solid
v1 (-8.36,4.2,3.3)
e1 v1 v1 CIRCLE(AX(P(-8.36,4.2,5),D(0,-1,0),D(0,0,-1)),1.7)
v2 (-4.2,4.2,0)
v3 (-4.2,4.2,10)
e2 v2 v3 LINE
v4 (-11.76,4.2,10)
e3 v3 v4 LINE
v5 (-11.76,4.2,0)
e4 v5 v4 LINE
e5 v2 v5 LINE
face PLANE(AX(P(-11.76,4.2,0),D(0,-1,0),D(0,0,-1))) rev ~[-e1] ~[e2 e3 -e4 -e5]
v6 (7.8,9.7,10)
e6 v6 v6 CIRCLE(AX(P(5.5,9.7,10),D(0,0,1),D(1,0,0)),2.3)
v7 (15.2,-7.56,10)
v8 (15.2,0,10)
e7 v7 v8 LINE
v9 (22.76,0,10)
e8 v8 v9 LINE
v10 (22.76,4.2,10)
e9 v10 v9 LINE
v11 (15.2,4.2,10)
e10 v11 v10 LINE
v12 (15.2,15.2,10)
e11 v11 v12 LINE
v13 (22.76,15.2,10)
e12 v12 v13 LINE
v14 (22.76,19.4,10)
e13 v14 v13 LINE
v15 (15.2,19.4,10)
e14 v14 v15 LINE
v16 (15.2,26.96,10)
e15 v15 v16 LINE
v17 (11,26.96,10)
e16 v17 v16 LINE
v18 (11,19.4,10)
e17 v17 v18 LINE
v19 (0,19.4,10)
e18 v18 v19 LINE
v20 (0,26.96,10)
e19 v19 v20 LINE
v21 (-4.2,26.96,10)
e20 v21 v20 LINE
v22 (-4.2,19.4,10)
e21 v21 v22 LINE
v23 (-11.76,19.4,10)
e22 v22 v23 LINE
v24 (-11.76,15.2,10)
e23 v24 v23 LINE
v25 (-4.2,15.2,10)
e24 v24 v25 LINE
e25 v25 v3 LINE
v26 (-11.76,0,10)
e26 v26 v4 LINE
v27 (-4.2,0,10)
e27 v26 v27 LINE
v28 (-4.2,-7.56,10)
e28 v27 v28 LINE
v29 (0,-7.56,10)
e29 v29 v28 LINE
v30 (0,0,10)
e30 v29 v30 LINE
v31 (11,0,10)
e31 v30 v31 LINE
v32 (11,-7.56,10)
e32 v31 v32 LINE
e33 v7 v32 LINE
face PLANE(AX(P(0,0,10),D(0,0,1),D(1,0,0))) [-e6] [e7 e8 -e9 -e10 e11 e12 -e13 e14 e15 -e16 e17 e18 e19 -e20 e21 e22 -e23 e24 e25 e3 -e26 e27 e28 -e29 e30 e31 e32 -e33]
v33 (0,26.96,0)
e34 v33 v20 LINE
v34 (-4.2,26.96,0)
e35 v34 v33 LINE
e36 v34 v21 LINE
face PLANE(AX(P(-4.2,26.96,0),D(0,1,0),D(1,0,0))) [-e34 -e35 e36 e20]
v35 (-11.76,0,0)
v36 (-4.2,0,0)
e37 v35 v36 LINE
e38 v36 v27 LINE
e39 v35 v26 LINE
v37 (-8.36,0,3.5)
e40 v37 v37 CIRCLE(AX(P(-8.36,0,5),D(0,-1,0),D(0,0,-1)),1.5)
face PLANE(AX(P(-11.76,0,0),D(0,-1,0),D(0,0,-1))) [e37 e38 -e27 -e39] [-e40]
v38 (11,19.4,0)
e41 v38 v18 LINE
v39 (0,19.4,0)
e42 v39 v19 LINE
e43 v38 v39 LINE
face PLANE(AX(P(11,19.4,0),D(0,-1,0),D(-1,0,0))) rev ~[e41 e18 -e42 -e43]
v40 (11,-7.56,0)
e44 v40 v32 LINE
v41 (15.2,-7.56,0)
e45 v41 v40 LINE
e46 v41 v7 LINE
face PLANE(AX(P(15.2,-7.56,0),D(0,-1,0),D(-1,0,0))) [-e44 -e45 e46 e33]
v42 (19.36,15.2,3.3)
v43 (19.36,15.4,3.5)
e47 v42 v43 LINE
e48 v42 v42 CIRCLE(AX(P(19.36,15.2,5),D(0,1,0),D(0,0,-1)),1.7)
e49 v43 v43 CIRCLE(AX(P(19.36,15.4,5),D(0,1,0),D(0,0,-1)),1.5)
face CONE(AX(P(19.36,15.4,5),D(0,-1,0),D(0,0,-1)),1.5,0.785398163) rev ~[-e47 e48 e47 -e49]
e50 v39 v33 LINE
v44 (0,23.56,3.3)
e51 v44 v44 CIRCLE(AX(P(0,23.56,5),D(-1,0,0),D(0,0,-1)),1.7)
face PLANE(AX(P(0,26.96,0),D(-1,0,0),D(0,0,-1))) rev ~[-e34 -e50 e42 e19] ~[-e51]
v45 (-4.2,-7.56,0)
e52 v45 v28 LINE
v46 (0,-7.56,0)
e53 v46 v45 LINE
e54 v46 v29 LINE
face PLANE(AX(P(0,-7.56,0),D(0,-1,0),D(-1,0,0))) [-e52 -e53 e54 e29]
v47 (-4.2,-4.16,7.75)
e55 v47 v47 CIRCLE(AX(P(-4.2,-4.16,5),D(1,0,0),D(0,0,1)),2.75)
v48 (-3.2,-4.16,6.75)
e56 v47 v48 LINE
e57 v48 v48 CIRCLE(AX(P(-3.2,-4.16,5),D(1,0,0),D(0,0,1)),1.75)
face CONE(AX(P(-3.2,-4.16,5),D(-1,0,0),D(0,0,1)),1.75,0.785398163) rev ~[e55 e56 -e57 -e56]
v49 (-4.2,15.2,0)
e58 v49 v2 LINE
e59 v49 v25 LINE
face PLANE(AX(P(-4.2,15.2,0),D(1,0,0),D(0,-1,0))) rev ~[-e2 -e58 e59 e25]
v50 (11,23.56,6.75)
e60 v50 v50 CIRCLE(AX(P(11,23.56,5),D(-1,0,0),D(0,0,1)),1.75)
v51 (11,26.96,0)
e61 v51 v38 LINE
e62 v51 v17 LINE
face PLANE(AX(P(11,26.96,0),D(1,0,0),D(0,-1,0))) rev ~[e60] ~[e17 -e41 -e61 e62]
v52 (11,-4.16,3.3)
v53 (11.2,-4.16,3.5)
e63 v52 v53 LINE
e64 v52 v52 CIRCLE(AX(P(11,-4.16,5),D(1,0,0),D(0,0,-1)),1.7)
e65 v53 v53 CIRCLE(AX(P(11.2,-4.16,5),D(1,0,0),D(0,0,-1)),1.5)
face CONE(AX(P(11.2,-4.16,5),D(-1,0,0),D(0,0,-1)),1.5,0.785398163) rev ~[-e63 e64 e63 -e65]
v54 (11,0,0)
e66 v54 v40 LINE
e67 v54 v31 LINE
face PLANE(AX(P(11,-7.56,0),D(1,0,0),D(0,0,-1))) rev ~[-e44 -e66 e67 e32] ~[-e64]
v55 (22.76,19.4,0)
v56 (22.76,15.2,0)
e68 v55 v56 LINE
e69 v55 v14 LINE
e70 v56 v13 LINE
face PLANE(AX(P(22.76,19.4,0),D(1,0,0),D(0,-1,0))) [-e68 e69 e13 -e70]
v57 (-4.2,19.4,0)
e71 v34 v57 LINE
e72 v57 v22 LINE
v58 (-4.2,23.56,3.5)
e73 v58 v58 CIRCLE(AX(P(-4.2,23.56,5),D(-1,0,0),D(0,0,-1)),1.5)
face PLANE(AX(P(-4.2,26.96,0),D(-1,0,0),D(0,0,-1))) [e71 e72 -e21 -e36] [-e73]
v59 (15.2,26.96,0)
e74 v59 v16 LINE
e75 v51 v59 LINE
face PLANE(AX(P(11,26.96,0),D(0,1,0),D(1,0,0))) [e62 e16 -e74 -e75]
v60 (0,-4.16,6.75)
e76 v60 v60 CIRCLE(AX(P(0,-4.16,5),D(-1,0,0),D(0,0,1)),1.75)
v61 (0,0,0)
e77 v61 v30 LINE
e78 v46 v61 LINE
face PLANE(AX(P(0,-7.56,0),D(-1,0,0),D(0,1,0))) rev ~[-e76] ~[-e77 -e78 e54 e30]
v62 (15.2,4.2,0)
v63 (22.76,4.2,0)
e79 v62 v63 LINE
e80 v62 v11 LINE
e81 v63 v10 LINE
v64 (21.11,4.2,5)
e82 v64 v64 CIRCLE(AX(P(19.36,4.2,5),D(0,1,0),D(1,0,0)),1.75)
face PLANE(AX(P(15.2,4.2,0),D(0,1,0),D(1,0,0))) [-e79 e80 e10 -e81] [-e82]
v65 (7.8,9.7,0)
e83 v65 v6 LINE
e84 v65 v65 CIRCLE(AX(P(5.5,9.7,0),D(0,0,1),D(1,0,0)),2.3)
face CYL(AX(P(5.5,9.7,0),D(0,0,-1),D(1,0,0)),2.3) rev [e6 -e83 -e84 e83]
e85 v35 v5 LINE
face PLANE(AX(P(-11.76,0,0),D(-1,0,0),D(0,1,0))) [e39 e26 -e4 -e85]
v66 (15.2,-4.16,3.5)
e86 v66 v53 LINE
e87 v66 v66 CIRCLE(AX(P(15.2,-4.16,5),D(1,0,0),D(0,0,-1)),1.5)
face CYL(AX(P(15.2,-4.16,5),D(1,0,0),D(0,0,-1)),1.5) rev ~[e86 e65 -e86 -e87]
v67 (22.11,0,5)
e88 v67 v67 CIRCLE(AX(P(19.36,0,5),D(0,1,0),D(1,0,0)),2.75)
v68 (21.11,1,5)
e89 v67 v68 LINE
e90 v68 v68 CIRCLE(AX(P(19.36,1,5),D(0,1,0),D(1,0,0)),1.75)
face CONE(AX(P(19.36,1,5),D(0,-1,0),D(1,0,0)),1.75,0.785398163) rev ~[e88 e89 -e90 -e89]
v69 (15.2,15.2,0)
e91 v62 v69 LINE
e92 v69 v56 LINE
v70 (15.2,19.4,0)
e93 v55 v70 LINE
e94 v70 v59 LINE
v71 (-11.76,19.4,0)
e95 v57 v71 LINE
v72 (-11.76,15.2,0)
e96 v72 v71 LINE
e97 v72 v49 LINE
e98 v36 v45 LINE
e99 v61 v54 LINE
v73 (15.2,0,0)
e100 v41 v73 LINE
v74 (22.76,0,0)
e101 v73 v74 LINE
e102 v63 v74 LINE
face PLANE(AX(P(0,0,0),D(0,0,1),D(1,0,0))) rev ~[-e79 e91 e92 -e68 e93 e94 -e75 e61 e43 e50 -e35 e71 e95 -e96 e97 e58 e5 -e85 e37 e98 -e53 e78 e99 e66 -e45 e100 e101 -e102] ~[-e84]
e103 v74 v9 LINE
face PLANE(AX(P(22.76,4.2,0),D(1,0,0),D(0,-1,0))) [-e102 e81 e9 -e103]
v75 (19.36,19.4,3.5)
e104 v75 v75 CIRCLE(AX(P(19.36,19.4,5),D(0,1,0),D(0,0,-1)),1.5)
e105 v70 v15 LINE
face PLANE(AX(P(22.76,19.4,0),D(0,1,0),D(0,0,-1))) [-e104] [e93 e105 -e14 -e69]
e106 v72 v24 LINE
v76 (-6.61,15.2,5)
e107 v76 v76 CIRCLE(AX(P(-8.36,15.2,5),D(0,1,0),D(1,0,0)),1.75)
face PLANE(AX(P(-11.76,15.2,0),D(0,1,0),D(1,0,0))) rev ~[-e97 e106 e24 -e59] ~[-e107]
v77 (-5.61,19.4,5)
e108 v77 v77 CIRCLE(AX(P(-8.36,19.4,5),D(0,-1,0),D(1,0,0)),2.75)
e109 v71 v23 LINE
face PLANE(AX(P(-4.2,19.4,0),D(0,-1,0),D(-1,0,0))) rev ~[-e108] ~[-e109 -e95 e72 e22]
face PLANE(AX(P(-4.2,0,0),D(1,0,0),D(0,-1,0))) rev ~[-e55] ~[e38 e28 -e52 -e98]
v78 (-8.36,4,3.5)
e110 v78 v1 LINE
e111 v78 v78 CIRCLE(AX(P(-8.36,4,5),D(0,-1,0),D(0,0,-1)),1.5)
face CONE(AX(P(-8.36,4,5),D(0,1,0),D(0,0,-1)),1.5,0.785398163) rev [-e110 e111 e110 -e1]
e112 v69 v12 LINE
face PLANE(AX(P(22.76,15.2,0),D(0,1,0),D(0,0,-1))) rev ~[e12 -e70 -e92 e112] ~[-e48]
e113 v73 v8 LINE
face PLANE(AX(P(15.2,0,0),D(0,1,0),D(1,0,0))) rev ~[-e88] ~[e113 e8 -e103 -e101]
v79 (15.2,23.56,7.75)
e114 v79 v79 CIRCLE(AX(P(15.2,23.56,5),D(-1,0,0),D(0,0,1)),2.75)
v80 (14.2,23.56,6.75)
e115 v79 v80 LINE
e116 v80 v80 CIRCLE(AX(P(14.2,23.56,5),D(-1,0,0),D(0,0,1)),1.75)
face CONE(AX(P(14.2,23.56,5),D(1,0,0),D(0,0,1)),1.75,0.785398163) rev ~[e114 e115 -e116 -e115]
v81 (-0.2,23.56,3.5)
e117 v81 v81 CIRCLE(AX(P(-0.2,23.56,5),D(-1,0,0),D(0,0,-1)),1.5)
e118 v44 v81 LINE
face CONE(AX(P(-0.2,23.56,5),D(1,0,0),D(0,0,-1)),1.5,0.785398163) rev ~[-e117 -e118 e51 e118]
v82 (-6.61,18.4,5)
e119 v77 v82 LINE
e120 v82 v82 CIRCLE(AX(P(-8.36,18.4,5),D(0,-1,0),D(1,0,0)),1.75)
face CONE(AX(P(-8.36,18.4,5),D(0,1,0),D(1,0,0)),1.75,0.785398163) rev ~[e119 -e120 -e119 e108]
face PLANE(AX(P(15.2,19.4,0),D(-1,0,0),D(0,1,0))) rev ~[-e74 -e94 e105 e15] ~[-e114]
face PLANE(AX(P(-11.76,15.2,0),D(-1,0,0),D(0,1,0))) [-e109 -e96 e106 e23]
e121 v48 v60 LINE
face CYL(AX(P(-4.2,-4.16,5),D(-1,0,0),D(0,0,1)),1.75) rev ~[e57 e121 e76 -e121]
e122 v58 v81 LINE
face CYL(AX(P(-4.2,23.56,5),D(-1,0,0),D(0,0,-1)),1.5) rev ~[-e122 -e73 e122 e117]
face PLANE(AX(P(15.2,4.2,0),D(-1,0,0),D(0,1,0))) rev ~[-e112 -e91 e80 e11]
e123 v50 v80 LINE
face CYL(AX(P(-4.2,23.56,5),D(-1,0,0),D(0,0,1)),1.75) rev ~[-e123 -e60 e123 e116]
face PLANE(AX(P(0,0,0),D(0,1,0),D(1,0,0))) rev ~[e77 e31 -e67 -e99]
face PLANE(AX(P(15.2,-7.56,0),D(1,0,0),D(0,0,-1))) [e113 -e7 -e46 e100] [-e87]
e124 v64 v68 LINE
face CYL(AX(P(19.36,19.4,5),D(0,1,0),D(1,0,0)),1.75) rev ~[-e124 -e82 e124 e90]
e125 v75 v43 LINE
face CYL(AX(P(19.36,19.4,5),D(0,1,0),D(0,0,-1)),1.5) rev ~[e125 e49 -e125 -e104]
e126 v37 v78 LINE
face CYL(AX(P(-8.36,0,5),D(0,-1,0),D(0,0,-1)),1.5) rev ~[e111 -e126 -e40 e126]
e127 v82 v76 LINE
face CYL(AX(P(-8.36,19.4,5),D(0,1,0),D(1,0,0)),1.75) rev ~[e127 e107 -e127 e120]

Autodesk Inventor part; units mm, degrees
ref_plane "YZ Plane" through (0, 0, 0) normal (1, 0, 0) x (0, 1, 0)
ref_plane "XZ Plane" through (0, 0, 0) normal (0, 1, 0) x (-1, 0, 0)
ref_plane "XY Plane" through (0, 0, 0) normal (0, 0, 1) x (1, 0, 0)
sketch "Szkic1" plane through (0, 0, 0) normal (0, 0, 1) x (1, 0, 0)
  line L0 (0, -7.56) -> (0, 0)
  line L1 (0, 19.4) -> (0, 26.96)
  line L2 (-4.2, 4.2) -> (-11.76, 4.2)
  line L3 (-11.76, 15.2) -> (-4.2, 15.2)
  line L4 (15.2, 15.2) -> (22.76, 15.2)
  line L5 (15.2, 4.2) -> (22.76, 4.2)
  line L6 (-4.2, 26.96) -> (-4.2, 19.4)
  line L7 (-4.2, 19.4) -> (-11.76, 19.4)
  line L8 (-4.2, 15.2) -> (-4.2, 4.2)
  line L9 (-4.2, 0) -> (-4.2, -7.56)
  line L10 (-11.76, 0) -> (-4.2, 0)
  line L11 (15.2, -7.56) -> (11, -7.56)
  line L12 (0, -7.56) -> (-4.2, -7.56)
  line L13 (0, 0) -> (11, 0)
  line L14 (15.2, 0) -> (22.76, 0)
  line L15 (11, 26.96) -> (11, 19.4)
  line L16 (11, 0) -> (11, -7.56)
  line L17 (15.2, -7.56) -> (15.2, 0)
  line L18 (15.2, 4.2) -> (15.2, 15.2)
  line L19 (15.2, 19.4) -> (15.2, 26.96)
  line L20 (22.76, 19.4) -> (15.2, 19.4)
  line L21 (11, 19.4) -> (0, 19.4)
  line L22 (22.76, 19.4) -> (22.76, 15.2)
  line L23 (22.76, 4.2) -> (22.76, 0)
  line L24 (-4.2, 26.96) -> (0, 26.96)
  line L25 (11, 26.96) -> (15.2, 26.96)
  line L26 (-11.76, 0) -> (-11.76, 4.2)
  line L27 (-11.76, 15.2) -> (-11.76, 19.4)
  circle A0 centre (5.5, 9.7) radius 2.3
  dimension "d0" = 4.6
extrude "Wyciągnięcie proste1" add sketch "Szkic1" along normal blind 10
sketch "Szkic2" plane through (-11.76, 19.4, 0) normal (0, 1, 0) x (1, 0, 0)
  line L0 (7.56, 0) -> (0, 0) projected
  line L1 (0, 0) -> (0, -10) projected
  line L2 (7.56, -10) -> (0, -10) projected
  line L3 (7.56, 0) -> (7.56, -10) projected
  line L4 (34.52, 0) -> (26.96, 0) projected
  line L5 (26.96, 0) -> (26.96, -10) projected
  line L6 (34.52, -10) -> (26.96, -10) projected
  line L7 (34.52, 0) -> (34.52, -10) projected
  line L8 (0, 0) -> (0, -10) projected
  line L9 (0, -5) -> (3.4, -5)
  line L10 (34.52, 0) -> (34.52, -10) projected
  line L11 (34.52, -5) -> (31.12, -5)
  circle A0 centre (3.4, -5) radius 1.75
  circle A1 centre (31.12, -5) radius 1.75
  point P0 (11.76, 0)
  dimension "d3" = 3.4
  dimension "d4" = 3.4
  dimension "d5" = 3.5
  dimension "d6" = 3.5
extrude "Wyciągnięcie proste2" cut sketch "Szkic2" against normal through all contours A0 | A1
sketch "Szkic3" plane through (-4.2, -7.56, 0) normal (-1, 0, 0) x (0, 0, 1)
  line L0 (0, 7.56) -> (0, 0) projected
  line L1 (0, 0) -> (10, 0) projected
  line L2 (10, 7.56) -> (10, 0) projected
  line L3 (0, 7.56) -> (10, 7.56) projected
  line L4 (0, 34.52) -> (0, 26.96) projected
  line L5 (0, 26.96) -> (10, 26.96) projected
  line L6 (10, 34.52) -> (10, 26.96) projected
  line L7 (0, 34.52) -> (10, 34.52) projected
  line L8 (5, 0) -> (5, 3.4)
  line L9 (0, 34.52) -> (10, 34.52) projected
  line L10 (5, 34.52) -> (5, 31.12)
  circle A0 centre (5, 3.4) radius 1.75
  circle A1 centre (5, 31.12) radius 1.75
  point P0 (0, 7.56)
  dimension "d9" = 3.4
  dimension "d10" = 3.4
  dimension "d11" = 3.5
  dimension "d12" = 3.5
extrude "Wyciągnięcie proste3" cut sketch "Szkic3" against normal through all contours A0 | A1
chamfer "Faza2" distance 1 angle 45 4 edges at (-4.2, -4.16, 3.25) (17.61, 0, 5) (15.2, 23.56, 3.25) (-10.11, 19.4, 5)
sketch "Szkic8" plane through (15.2, -7.56, 0) normal (1, 0, 0) x (0, 0, -1)
  circle A0 centre (-5, 3.4) radius 1.75 projected
  circle A1 centre (-5, 3.4) radius 1.5
  point P0 (0, 7.56)
  dimension "d42" = 3
extrude "Wyciągnięcie proste8" add sketch "Szkic8" against normal up to surface (4.2 mm away)
pattern_circular "Szyk kołowy3" count 4 over 360 about axis through (5.5, 9.7, 0) along (0, 0, 1) of "Wyciągnięcie proste8"
chamfer "Faza3" distance 0.2 angle 45 4 edges at (11, -4.16, 6.5) (-8.36, 4.2, 6.5) (0, 23.56, 6.5) (19.36, 15.2, 6.5)
properties part number "GripperMotorHinges"
